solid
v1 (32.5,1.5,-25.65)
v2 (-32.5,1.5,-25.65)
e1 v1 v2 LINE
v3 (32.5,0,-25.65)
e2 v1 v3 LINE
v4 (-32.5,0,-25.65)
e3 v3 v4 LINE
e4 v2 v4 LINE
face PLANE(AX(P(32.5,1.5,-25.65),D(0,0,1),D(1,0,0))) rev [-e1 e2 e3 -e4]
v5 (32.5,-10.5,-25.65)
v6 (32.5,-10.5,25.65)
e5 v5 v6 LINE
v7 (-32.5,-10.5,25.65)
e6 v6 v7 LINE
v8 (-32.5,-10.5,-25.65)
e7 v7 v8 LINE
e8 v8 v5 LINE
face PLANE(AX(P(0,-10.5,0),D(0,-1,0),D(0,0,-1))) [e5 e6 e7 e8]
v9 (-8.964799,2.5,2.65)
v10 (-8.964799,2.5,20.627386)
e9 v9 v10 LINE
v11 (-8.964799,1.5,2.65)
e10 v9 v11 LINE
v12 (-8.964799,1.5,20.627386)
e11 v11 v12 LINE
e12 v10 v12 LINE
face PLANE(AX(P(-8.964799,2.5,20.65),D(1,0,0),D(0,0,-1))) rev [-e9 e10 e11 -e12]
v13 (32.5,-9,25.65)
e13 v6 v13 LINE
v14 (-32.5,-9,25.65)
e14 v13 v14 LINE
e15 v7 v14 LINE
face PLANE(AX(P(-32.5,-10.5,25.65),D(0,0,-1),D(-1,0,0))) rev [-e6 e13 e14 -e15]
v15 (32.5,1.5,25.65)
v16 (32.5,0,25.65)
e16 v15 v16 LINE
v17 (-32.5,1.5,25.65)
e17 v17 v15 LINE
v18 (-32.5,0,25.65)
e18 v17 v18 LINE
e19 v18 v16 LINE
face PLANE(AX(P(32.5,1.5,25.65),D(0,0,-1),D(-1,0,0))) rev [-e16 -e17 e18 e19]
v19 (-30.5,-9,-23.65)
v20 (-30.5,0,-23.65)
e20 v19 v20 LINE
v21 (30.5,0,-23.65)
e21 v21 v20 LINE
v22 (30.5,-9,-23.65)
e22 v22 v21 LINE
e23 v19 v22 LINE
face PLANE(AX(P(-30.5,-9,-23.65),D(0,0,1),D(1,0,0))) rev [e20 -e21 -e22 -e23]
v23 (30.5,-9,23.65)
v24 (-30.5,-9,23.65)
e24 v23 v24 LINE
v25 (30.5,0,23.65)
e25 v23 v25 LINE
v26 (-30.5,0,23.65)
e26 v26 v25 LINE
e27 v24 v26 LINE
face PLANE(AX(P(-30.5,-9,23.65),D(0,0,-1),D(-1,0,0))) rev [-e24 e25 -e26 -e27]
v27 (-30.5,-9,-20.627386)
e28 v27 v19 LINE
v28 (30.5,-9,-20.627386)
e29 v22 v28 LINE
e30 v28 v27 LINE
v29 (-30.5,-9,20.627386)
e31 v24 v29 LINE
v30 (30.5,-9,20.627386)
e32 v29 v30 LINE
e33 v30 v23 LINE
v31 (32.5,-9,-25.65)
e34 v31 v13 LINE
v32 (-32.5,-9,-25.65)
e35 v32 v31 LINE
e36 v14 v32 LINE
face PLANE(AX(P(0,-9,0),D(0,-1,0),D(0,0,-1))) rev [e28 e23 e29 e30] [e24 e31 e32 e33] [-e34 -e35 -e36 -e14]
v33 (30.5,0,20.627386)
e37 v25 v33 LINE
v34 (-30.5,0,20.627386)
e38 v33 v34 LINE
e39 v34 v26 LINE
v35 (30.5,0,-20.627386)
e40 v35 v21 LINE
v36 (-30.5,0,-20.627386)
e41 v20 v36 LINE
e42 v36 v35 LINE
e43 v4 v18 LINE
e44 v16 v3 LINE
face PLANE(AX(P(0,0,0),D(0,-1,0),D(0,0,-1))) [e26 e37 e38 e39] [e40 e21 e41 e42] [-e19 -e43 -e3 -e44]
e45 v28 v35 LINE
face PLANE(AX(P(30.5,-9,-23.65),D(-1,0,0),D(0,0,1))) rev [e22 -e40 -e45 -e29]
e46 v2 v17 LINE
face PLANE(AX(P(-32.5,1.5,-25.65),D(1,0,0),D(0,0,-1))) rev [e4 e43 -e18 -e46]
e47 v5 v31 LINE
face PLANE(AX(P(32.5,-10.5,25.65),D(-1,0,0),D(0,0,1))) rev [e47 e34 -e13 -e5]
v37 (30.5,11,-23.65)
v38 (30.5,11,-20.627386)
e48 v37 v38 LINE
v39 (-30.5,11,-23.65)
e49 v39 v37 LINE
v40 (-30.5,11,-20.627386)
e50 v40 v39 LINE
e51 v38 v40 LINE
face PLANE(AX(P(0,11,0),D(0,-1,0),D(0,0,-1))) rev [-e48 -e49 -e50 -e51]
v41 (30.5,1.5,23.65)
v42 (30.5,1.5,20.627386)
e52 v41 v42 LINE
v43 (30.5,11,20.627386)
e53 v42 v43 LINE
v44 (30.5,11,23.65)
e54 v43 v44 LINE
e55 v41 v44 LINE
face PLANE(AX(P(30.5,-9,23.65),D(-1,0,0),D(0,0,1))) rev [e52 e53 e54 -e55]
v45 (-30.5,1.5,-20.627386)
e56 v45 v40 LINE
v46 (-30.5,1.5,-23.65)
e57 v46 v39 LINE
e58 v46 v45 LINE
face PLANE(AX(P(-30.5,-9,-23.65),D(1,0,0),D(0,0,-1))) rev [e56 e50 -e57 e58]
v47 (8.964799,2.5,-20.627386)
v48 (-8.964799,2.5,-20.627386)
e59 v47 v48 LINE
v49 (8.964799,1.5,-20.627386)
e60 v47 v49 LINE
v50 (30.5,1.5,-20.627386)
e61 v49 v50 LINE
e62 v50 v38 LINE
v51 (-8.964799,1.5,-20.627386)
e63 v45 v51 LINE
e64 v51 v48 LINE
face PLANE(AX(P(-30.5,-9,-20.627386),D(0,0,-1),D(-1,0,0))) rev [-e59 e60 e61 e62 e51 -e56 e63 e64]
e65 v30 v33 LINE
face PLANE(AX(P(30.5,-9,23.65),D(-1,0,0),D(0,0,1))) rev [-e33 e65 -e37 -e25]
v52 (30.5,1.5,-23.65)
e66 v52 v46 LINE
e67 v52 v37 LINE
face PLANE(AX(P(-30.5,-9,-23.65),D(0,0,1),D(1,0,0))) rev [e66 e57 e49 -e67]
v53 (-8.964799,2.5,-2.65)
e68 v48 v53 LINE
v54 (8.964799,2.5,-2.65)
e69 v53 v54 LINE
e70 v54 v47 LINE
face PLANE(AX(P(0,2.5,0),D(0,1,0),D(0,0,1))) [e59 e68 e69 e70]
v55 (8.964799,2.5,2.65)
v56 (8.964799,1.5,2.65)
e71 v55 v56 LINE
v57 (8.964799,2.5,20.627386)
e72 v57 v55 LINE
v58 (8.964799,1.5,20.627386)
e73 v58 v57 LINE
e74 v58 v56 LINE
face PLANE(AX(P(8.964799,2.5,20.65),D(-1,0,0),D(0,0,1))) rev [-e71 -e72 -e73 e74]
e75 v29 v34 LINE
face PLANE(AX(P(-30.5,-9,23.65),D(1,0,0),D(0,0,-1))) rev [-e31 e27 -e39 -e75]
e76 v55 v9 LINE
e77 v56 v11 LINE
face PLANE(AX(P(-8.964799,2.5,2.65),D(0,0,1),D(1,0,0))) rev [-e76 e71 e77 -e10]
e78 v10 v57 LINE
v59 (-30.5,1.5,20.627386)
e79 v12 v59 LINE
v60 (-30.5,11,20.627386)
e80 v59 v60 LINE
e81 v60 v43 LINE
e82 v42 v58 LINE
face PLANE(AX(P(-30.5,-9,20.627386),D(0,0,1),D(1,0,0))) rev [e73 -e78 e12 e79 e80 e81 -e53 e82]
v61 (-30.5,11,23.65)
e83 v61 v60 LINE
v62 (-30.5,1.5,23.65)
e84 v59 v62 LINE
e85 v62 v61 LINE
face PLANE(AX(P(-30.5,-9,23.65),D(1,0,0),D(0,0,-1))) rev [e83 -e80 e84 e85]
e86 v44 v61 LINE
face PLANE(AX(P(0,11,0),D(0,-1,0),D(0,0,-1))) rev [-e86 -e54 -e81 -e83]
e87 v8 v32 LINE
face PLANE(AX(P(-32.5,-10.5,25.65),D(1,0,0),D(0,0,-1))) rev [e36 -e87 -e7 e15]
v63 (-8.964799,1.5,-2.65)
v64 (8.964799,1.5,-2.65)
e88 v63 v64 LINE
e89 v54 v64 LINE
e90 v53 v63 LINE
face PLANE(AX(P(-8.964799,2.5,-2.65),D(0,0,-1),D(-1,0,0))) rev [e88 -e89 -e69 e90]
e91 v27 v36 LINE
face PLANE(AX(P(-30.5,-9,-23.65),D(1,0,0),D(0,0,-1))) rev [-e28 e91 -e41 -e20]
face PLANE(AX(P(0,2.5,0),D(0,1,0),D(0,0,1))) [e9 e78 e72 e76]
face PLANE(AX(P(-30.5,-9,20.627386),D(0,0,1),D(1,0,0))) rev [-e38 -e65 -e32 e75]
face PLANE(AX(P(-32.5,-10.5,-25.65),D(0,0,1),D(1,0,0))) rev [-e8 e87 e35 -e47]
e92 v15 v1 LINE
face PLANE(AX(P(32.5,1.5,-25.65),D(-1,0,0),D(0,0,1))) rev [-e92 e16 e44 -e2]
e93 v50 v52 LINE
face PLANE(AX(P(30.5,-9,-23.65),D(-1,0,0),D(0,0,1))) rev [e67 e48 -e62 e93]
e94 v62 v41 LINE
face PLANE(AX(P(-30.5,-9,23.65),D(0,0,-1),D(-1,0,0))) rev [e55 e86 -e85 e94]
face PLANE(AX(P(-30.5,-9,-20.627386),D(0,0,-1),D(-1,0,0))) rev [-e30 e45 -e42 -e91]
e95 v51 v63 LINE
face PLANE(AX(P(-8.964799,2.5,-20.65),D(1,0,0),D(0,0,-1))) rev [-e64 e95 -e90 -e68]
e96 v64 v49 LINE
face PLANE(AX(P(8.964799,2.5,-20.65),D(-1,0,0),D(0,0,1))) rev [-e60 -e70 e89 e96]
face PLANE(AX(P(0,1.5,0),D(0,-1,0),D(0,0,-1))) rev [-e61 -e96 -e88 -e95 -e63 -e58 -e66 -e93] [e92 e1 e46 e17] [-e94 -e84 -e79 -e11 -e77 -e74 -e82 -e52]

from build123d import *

# Parameters (mm, degrees)
SKETCH1_W                = 65
SKETCH1_H                = 51.3
BOSS_EXTRUDE1_DEPTH      = 1.5
SKETCH2_W                = 17.929597568
SKETCH2_H                = 18
BOSS_EXTRUDE2_DEPTH      = 1
BOSS_EXTRUDE3_DEPTH      = 9
BOSS_EXTRUDE3_DEPTH_BACK = 11
SKETCH4_W                = 61
SKETCH4_H                = 3.022614149
SKETCH5_W                = 65
SKETCH5_H                = 51.3
BOSS_EXTRUDE4_DEPTH      = 1.5


with BuildPart() as part:
    # Sketch1 → Boss-Extrude1 (new body)
    with BuildSketch(Plane(origin=(0, 0, 0), x_dir=(1, 0, 0), z_dir=(0, 1, 0))):
        Rectangle(SKETCH1_W, SKETCH1_H)
    extrude(amount=BOSS_EXTRUDE1_DEPTH)

    # Sketch2 → Boss-Extrude2 (add)
    with BuildSketch(Plane(origin=(0, 1.5, 0), x_dir=(1, 0, 0), z_dir=(0, 1, 0))):
        with Locations((0, 11.65)):
            Rectangle(SKETCH2_W, SKETCH2_H)
        with Locations((0, -11.65)):
            Rectangle(SKETCH2_W, SKETCH2_H)
    extrude(amount=BOSS_EXTRUDE2_DEPTH)

    # Sketch4 → Boss-Extrude3 (add, two sides: drawn at the far end of the back side and taken through both)
    with BuildSketch(Plane.XZ.offset(-BOSS_EXTRUDE3_DEPTH_BACK)):
        with Locations((0, 22.138692926)):
            Rectangle(SKETCH4_W, SKETCH4_H)
        with Locations((0, -22.138692926)):
            Rectangle(SKETCH4_W, SKETCH4_H)
    extrude(amount=BOSS_EXTRUDE3_DEPTH + BOSS_EXTRUDE3_DEPTH_BACK)

    # Sketch5 → Boss-Extrude4 (add)
    with BuildSketch(Plane.XZ.offset(9)):
        Rectangle(SKETCH5_W, SKETCH5_H)
    extrude(amount=BOSS_EXTRUDE4_DEPTH)


solid = part.part
